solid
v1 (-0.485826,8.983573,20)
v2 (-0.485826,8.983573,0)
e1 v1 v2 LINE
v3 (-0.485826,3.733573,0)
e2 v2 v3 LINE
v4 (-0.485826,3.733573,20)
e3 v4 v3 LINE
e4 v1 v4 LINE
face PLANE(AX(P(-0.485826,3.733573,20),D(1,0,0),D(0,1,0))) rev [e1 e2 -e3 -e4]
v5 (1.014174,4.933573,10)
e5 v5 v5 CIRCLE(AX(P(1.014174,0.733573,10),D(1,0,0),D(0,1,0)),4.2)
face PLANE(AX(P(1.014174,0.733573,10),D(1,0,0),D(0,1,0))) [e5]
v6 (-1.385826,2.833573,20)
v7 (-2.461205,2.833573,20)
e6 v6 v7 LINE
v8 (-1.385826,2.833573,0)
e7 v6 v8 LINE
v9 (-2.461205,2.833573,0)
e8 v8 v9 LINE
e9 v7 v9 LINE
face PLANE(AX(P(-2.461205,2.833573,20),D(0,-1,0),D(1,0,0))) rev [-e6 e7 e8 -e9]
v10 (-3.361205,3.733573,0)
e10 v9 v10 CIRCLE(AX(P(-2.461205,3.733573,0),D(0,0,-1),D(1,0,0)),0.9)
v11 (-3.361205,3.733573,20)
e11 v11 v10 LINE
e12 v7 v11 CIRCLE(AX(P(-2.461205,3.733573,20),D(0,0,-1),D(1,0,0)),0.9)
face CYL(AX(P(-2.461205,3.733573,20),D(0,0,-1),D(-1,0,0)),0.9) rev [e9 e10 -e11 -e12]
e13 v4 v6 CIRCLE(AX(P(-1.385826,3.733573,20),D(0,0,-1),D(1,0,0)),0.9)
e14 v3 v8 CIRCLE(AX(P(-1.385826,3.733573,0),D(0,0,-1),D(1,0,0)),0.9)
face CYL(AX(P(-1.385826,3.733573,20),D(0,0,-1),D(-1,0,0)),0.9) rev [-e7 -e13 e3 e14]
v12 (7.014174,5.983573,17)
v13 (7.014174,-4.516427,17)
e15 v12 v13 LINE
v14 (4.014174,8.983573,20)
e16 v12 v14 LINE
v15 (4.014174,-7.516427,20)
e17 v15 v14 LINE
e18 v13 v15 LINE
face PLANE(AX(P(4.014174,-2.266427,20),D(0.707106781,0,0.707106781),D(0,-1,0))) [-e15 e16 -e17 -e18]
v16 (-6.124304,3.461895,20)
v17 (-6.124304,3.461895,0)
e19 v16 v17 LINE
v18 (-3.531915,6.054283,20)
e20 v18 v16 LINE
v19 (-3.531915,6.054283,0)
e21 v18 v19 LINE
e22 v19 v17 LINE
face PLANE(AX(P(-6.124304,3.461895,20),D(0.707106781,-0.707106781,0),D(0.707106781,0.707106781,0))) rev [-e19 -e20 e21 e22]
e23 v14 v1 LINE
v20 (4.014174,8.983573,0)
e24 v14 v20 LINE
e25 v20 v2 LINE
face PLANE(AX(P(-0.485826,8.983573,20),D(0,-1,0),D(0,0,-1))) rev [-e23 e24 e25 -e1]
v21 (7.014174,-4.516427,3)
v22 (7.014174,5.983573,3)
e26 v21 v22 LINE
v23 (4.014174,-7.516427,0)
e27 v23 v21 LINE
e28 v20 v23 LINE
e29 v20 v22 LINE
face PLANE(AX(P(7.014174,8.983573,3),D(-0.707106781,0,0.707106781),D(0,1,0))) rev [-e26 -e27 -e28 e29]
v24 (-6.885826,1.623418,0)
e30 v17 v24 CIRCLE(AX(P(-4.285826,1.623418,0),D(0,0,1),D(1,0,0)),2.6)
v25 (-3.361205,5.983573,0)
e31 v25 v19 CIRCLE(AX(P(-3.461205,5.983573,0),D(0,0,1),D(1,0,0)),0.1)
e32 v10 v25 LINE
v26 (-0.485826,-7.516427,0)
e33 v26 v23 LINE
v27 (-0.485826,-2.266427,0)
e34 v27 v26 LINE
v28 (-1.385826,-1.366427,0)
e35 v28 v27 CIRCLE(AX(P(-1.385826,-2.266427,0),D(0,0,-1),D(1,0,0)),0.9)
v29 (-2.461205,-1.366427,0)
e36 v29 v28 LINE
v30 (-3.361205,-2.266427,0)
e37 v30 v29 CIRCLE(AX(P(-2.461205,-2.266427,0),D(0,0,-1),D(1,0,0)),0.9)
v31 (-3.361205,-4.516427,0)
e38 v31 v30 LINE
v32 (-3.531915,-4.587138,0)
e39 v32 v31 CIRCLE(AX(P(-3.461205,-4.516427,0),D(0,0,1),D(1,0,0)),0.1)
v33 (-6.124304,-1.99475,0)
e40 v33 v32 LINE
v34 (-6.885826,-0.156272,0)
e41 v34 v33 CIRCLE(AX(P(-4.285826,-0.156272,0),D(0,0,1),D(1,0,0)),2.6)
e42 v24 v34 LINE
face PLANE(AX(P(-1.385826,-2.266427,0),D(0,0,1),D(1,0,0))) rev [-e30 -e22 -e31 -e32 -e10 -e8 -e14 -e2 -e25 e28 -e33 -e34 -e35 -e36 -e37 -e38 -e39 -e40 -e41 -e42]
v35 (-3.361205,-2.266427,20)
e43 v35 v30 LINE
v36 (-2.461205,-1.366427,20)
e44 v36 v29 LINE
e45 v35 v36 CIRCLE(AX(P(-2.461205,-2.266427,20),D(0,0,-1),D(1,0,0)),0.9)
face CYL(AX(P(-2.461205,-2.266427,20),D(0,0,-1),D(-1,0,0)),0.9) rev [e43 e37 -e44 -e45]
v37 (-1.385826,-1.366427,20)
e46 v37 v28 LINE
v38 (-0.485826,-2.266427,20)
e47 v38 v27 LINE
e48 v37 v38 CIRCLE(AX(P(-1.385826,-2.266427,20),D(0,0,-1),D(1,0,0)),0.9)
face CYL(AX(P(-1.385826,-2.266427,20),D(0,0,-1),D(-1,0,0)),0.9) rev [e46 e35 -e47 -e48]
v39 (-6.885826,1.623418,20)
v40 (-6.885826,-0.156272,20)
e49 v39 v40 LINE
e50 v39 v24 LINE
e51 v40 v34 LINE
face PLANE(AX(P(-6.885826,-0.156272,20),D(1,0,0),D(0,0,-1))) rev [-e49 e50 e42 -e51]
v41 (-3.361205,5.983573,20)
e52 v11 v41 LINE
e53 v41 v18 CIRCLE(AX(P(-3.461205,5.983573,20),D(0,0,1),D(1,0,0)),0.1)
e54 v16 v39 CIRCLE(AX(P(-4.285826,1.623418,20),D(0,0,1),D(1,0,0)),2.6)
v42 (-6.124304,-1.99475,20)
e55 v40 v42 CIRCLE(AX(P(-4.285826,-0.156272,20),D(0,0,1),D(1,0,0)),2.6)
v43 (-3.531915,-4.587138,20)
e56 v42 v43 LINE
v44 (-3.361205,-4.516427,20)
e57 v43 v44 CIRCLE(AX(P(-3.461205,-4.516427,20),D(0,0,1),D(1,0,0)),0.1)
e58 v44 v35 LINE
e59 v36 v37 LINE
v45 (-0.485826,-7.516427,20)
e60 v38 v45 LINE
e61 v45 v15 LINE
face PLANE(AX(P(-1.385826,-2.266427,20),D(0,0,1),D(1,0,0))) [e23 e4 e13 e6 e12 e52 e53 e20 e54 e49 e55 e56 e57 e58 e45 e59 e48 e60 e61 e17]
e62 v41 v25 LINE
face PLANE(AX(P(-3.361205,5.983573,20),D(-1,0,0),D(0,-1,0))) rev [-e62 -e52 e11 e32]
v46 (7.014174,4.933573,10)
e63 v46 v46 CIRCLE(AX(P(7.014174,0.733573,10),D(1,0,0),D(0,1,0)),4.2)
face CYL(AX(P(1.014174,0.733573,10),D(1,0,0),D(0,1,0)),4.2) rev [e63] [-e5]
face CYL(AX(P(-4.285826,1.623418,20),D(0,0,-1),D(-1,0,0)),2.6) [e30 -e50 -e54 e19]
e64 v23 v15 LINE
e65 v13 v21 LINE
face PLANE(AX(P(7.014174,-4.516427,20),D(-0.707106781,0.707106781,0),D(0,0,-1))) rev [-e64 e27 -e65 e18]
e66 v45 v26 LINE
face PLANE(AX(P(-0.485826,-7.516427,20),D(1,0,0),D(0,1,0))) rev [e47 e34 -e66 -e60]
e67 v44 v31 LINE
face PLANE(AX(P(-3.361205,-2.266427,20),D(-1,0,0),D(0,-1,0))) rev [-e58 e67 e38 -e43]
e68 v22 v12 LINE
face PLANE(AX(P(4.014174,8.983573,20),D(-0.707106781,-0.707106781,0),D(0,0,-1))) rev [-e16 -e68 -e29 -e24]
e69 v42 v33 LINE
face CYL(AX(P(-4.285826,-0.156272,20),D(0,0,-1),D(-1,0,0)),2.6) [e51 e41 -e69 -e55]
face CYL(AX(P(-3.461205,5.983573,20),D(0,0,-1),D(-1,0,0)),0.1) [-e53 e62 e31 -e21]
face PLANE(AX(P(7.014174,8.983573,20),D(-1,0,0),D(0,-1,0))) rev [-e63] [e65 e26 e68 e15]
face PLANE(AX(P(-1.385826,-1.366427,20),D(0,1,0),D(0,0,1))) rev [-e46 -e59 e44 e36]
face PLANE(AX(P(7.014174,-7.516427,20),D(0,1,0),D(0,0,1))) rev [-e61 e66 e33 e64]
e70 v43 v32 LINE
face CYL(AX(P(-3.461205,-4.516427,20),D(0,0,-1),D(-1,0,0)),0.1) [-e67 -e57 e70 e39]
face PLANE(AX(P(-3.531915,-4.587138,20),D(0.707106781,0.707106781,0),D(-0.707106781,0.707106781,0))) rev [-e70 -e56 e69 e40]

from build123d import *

# Parameters (mm, degrees)
BOSS_EXTRUDE1_DEPTH = 20
CHAMFER1_SIZE       = 3
CUT_EXTRUDE1_START  = 1.014174
SKETCH2_R           = 4.2
CUT_EXTRUDE1_DEPTH  = 6


with BuildPart() as part:
    # Sketch1 → Boss-Extrude1 (new body)
    with BuildSketch(Plane.XY):
        with BuildLine():
            Line((-1.385825984, -1.366427285), (-2.461204781, -1.366427285))
            ThreePointArc((-2.461204781, -1.366427285), (-3.097600884, -1.630031182), (-3.361204781, -2.266427285))
            Line((-3.361204781, -2.266427285), (-3.361204781, -4.516427285))
            ThreePointArc((-3.361204781, -4.516427285), (-3.422936438, -4.608815239), (-3.531915459, -4.587137963))
            Line((-3.531915459, -4.587137963), (-6.124303615, -1.994749808))
            ThreePointArc((-6.124303615, -1.994749808), (-6.687912768, -1.151249101), (-6.885825984, -0.156272177))
            Line((-6.885825984, -0.156272177), (-6.885825984, 1.623417606))
            ThreePointArc((-6.885825984, 1.623417606), (-6.687912768, 2.61839453), (-6.124303615, 3.461895237))
            Line((-6.124303615, 3.461895237), (-3.531915459, 6.054283393))
            ThreePointArc((-3.531915459, 6.054283393), (-3.422936438, 6.075960668), (-3.361204781, 5.983572715))
            Line((-3.361204781, 5.983572715), (-3.361204781, 3.733572715))
            ThreePointArc((-3.361204781, 3.733572715), (-3.097600884, 3.097176612), (-2.461204781, 2.833572715))
            Line((-2.461204781, 2.833572715), (-1.385825984, 2.833572715))
            ThreePointArc((-1.385825984, 2.833572715), (-0.749429881, 3.097176612), (-0.485825984, 3.733572715))
            Line((-0.485825984, 3.733572715), (-0.485825984, 8.983572715))
            Line((-0.485825984, 8.983572715), (7.014174016, 8.983572715))
            Line((7.014174016, 8.983572715), (7.014174016, -7.516427285))
            Line((7.014174016, -7.516427285), (-0.485825984, -7.516427285))
            Line((-0.485825984, -7.516427285), (-0.485825984, -2.266427285))
            ThreePointArc((-0.485825984, -2.266427285), (-0.749429881, -1.630031182), (-1.385825984, -1.366427285))
        make_face()
    extrude(amount=BOSS_EXTRUDE1_DEPTH)

    # Chamfer1
    chamfer1_edges = [part.edges().sort_by_distance(p)[0] for p in [
        (7.014174016, 0.733572715, 20),
        (7.014174016, 0.733572715, 0),
        (7.014174016, 8.983572715, 10),
        (7.014174016, -7.516427285, 10),
    ]]
    chamfer(chamfer1_edges, length=CHAMFER1_SIZE)

    # Sketch2 (on Right Plane) → Cut-Extrude1 (cut)
    with BuildSketch(Plane(origin=(0, 0, 0), x_dir=(0, 0, -1), z_dir=(1, 0, 0)).offset(CUT_EXTRUDE1_START)):
        with Locations((-10, 0.733572715)):
            Circle(SKETCH2_R)
    extrude(amount=CUT_EXTRUDE1_DEPTH, mode=Mode.SUBTRACT)


solid = part.part
